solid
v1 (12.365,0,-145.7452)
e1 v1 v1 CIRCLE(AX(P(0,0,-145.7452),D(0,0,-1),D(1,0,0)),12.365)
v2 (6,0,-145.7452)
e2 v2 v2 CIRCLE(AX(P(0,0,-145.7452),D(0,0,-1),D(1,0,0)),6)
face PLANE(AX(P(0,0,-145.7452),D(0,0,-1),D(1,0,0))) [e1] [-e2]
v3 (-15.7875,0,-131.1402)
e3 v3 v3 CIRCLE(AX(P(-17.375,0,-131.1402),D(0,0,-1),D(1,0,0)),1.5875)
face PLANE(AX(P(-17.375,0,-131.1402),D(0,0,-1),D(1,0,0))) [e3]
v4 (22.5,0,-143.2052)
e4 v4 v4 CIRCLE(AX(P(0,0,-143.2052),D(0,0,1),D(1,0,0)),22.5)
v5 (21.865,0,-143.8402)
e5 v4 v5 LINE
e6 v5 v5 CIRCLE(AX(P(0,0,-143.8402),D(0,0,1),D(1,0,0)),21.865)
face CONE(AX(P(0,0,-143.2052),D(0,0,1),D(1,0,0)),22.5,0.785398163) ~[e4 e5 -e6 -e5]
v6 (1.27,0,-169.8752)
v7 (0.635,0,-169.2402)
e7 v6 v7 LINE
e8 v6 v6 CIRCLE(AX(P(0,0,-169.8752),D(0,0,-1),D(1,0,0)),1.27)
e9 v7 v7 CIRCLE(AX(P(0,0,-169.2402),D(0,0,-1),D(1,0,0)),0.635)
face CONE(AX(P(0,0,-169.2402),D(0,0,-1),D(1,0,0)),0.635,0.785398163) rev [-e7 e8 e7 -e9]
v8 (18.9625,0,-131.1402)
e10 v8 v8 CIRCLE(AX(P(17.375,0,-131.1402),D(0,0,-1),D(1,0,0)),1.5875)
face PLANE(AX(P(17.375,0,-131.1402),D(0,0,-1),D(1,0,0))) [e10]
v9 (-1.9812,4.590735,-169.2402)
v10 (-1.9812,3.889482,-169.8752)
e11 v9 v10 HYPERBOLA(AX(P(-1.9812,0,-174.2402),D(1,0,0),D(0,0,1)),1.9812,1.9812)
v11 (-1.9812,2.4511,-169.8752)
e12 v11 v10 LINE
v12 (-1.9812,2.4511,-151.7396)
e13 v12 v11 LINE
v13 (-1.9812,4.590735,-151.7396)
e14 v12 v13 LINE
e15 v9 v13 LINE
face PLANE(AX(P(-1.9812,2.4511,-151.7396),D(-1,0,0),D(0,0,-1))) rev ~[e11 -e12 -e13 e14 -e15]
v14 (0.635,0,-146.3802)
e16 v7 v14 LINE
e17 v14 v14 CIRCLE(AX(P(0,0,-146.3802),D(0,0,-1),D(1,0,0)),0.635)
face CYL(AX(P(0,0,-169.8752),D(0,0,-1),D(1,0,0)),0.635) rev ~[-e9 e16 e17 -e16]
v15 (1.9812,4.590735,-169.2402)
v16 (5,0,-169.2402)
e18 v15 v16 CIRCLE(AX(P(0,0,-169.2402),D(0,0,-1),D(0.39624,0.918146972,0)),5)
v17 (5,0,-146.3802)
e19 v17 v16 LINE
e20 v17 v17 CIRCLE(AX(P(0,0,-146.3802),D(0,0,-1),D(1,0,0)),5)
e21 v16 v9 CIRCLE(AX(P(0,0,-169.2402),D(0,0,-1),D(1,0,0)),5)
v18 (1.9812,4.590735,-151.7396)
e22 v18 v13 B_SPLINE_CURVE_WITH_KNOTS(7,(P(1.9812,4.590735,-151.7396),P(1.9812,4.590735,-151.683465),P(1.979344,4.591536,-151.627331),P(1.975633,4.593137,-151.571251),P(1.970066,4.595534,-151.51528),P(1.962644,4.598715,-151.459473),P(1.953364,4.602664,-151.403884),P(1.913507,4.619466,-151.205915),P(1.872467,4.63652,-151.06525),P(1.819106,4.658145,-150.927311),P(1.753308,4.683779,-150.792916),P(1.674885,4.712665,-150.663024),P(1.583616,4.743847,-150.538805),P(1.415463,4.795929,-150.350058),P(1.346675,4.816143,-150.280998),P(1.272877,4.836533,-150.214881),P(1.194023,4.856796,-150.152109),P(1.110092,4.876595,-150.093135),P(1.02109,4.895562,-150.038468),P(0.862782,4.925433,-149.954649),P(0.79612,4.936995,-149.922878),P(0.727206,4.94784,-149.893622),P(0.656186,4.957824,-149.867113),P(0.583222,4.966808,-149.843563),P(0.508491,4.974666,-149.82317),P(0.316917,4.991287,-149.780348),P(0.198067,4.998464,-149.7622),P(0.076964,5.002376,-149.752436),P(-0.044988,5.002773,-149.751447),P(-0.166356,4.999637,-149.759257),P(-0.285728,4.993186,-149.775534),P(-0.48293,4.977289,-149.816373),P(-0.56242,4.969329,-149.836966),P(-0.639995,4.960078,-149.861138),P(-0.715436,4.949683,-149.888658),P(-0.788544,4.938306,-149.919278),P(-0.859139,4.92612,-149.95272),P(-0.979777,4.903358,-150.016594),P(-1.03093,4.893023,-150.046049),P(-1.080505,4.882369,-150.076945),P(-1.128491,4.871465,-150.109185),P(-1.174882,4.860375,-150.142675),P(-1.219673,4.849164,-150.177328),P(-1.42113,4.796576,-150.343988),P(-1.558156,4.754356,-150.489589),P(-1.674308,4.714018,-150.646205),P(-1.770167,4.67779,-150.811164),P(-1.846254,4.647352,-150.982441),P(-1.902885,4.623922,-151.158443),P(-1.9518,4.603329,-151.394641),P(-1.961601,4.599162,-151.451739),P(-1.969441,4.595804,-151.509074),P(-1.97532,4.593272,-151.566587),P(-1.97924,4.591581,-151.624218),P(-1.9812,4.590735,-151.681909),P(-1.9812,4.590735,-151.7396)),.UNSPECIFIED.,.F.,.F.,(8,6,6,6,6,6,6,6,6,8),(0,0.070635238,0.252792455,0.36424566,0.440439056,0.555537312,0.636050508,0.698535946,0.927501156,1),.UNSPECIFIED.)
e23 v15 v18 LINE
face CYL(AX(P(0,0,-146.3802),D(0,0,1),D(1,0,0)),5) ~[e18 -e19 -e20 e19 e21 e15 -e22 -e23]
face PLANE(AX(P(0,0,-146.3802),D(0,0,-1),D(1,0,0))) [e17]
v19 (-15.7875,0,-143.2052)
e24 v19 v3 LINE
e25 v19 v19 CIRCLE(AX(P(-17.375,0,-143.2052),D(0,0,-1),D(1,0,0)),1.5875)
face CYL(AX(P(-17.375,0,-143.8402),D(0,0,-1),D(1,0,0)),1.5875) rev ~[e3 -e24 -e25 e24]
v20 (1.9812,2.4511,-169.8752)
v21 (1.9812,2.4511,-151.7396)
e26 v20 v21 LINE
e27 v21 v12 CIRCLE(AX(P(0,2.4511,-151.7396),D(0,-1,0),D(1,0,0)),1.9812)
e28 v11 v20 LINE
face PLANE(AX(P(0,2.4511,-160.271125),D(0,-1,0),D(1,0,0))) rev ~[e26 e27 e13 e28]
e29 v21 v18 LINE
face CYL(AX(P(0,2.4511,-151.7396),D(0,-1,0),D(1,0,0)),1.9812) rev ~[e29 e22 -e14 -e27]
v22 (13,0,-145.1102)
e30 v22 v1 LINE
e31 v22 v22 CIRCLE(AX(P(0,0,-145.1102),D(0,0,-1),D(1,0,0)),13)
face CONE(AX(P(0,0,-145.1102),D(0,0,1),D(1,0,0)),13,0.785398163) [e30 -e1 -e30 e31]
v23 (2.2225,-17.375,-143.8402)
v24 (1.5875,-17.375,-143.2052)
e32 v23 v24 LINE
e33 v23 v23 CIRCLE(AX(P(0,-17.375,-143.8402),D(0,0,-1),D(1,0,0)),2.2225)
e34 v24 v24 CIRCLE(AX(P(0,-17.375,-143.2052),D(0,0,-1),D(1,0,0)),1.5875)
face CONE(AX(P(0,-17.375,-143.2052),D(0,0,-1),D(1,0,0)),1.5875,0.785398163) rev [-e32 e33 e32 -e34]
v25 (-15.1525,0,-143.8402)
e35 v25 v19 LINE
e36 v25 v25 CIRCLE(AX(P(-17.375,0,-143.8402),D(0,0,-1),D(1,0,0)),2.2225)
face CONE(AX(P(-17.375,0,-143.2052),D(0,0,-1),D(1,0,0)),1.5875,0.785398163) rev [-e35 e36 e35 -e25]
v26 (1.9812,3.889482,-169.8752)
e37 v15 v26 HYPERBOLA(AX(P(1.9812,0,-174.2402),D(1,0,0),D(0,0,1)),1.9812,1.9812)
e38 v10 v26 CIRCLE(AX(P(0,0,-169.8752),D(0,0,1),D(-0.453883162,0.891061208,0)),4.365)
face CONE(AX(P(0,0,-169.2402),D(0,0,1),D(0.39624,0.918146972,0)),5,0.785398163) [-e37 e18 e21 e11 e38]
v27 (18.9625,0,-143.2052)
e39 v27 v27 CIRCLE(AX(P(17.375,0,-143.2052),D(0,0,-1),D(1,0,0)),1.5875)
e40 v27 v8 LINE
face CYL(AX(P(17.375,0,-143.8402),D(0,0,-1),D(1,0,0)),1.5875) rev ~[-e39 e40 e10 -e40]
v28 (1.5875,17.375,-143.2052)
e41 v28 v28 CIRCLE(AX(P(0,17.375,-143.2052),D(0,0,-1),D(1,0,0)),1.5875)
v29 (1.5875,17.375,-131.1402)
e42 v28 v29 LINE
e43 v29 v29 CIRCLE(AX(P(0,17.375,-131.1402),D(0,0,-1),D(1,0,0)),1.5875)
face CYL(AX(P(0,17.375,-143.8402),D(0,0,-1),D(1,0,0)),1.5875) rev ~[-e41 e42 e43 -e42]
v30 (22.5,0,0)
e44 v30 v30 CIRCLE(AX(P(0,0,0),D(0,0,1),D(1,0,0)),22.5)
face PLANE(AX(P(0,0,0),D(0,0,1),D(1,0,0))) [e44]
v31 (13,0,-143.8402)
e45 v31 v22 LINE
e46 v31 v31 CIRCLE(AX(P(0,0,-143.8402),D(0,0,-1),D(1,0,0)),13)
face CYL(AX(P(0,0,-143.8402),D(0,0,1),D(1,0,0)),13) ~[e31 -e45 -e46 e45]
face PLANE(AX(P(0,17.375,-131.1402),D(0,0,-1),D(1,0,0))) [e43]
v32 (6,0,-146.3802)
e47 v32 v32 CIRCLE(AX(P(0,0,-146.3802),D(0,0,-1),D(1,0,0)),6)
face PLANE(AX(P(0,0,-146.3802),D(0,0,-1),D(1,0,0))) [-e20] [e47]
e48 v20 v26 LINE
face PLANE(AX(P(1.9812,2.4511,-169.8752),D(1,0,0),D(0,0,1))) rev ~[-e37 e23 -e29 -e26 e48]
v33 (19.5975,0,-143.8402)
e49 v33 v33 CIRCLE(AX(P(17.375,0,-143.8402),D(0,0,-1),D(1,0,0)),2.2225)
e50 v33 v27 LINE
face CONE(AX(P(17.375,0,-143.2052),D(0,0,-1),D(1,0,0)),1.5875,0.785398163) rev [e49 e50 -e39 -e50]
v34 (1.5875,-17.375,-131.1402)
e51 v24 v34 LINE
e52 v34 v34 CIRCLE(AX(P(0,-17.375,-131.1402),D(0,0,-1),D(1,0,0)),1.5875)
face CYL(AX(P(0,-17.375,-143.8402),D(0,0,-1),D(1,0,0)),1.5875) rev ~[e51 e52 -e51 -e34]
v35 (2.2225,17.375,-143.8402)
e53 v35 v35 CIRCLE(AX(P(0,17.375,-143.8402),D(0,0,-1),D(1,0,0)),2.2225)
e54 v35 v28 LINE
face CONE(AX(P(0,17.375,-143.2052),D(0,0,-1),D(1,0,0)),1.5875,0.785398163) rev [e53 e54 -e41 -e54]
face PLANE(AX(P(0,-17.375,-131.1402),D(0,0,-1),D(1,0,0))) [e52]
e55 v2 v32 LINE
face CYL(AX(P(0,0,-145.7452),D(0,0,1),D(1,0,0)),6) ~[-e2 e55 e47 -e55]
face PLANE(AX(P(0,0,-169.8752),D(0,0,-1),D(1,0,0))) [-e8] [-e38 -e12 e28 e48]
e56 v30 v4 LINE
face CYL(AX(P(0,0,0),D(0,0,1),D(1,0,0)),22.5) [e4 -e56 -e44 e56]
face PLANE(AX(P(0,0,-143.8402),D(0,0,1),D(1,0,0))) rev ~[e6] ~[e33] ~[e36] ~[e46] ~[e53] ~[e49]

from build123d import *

# Parameters (mm, degrees)
F0_R      = 22.5
F1_DEPTH  = 143.8402
F2_R      = 13
F3_DEPTH  = 1.905
F4_R      = 6
F5_DEPTH  = 0.635
F6_R      = 5
F7_DEPTH  = 23.495
F10_DEPTH = 20.0499
F11_R     = 0.635
F12_DEPTH = 23.495
F13_R     = 1.5875
F14_DEPTH = 12.7
F15_SIZE  = 0.635


with BuildPart() as f1:
    # F0 (on Top) → F1 (new body)
    with BuildSketch(Plane.XY):
        Circle(F0_R)
    extrude(amount=-F1_DEPTH)

    # F2 (on face) → F3 (join)
    with BuildSketch(Plane(origin=(0, 0, -143.8402), x_dir=(1, 0, 0), z_dir=(0, 0, -1))):
        Circle(F2_R)
    extrude(amount=F3_DEPTH)

    # F4 (on face) → F5 (join)
    with BuildSketch(Plane(origin=(0, 0, -145.7452), x_dir=(1, 0, 0), z_dir=(0, 0, -1))):
        Circle(F4_R)
    extrude(amount=F5_DEPTH)

    # F6 (on face) → F7 (join)
    with BuildSketch(Plane(origin=(0, 0, -146.3802), x_dir=(1, 0, 0), z_dir=(0, 0, -1))):
        Circle(F6_R)
    extrude(amount=F7_DEPTH)

    # F9 (on offset) → F10 (cut, through all)
    with BuildSketch(Plane.XZ.offset(-2.4511)):
        with BuildLine():
            Line((-1.9812, -169.8752), (0, -169.8752))
            Line((0, -169.8752), (1.9812, -169.8752))
            Line((1.9812, -169.8752), (1.9812, -151.7396))
            ThreePointArc((1.9812, -151.7396), (0, -149.7584), (-1.9812, -151.7396))
            Line((-1.9812, -151.7396), (-1.9812, -169.8752))
        make_face()
    extrude(amount=-F10_DEPTH, mode=Mode.SUBTRACT)

    # F11 (on face) → F12 (cut)
    with BuildSketch(Plane(origin=(0, 0, -169.8752), x_dir=(1, 0, 0), z_dir=(0, 0, -1))):
        Circle(F11_R)
    extrude(amount=-F12_DEPTH, mode=Mode.SUBTRACT)

    # F13 (on face) → F14 (cut)
    with BuildSketch(Plane(origin=(0, 0, -143.8402), x_dir=(1, 0, 0), z_dir=(0, 0, -1))):
        with Locations((0, 17.375)):
            Circle(F13_R)
        with Locations((-17.375, 0)):
            Circle(F13_R)
        with Locations((0, -17.375)):
            Circle(F13_R)
        with Locations((17.375, 0)):
            Circle(F13_R)
    extrude(amount=-F14_DEPTH, mode=Mode.SUBTRACT)

    # F15
    f15_edges = [f1.edges().sort_by_distance(p)[0] for p in [
        (-0.635, 0, -169.8752),
        (-18.9625, 0, -143.8402),
        (-1.5875, 17.375, -143.8402),
        (15.7875, 0, -143.8402),
        (-1.5875, -17.375, -143.8402),
        (-2.74718, -4.177679, -169.8752),
        (-13, 0, -145.7452),
        (-22.5, 0, -143.8402),
    ]]
    chamfer(f15_edges, length=F15_SIZE)


solid = f1.part
